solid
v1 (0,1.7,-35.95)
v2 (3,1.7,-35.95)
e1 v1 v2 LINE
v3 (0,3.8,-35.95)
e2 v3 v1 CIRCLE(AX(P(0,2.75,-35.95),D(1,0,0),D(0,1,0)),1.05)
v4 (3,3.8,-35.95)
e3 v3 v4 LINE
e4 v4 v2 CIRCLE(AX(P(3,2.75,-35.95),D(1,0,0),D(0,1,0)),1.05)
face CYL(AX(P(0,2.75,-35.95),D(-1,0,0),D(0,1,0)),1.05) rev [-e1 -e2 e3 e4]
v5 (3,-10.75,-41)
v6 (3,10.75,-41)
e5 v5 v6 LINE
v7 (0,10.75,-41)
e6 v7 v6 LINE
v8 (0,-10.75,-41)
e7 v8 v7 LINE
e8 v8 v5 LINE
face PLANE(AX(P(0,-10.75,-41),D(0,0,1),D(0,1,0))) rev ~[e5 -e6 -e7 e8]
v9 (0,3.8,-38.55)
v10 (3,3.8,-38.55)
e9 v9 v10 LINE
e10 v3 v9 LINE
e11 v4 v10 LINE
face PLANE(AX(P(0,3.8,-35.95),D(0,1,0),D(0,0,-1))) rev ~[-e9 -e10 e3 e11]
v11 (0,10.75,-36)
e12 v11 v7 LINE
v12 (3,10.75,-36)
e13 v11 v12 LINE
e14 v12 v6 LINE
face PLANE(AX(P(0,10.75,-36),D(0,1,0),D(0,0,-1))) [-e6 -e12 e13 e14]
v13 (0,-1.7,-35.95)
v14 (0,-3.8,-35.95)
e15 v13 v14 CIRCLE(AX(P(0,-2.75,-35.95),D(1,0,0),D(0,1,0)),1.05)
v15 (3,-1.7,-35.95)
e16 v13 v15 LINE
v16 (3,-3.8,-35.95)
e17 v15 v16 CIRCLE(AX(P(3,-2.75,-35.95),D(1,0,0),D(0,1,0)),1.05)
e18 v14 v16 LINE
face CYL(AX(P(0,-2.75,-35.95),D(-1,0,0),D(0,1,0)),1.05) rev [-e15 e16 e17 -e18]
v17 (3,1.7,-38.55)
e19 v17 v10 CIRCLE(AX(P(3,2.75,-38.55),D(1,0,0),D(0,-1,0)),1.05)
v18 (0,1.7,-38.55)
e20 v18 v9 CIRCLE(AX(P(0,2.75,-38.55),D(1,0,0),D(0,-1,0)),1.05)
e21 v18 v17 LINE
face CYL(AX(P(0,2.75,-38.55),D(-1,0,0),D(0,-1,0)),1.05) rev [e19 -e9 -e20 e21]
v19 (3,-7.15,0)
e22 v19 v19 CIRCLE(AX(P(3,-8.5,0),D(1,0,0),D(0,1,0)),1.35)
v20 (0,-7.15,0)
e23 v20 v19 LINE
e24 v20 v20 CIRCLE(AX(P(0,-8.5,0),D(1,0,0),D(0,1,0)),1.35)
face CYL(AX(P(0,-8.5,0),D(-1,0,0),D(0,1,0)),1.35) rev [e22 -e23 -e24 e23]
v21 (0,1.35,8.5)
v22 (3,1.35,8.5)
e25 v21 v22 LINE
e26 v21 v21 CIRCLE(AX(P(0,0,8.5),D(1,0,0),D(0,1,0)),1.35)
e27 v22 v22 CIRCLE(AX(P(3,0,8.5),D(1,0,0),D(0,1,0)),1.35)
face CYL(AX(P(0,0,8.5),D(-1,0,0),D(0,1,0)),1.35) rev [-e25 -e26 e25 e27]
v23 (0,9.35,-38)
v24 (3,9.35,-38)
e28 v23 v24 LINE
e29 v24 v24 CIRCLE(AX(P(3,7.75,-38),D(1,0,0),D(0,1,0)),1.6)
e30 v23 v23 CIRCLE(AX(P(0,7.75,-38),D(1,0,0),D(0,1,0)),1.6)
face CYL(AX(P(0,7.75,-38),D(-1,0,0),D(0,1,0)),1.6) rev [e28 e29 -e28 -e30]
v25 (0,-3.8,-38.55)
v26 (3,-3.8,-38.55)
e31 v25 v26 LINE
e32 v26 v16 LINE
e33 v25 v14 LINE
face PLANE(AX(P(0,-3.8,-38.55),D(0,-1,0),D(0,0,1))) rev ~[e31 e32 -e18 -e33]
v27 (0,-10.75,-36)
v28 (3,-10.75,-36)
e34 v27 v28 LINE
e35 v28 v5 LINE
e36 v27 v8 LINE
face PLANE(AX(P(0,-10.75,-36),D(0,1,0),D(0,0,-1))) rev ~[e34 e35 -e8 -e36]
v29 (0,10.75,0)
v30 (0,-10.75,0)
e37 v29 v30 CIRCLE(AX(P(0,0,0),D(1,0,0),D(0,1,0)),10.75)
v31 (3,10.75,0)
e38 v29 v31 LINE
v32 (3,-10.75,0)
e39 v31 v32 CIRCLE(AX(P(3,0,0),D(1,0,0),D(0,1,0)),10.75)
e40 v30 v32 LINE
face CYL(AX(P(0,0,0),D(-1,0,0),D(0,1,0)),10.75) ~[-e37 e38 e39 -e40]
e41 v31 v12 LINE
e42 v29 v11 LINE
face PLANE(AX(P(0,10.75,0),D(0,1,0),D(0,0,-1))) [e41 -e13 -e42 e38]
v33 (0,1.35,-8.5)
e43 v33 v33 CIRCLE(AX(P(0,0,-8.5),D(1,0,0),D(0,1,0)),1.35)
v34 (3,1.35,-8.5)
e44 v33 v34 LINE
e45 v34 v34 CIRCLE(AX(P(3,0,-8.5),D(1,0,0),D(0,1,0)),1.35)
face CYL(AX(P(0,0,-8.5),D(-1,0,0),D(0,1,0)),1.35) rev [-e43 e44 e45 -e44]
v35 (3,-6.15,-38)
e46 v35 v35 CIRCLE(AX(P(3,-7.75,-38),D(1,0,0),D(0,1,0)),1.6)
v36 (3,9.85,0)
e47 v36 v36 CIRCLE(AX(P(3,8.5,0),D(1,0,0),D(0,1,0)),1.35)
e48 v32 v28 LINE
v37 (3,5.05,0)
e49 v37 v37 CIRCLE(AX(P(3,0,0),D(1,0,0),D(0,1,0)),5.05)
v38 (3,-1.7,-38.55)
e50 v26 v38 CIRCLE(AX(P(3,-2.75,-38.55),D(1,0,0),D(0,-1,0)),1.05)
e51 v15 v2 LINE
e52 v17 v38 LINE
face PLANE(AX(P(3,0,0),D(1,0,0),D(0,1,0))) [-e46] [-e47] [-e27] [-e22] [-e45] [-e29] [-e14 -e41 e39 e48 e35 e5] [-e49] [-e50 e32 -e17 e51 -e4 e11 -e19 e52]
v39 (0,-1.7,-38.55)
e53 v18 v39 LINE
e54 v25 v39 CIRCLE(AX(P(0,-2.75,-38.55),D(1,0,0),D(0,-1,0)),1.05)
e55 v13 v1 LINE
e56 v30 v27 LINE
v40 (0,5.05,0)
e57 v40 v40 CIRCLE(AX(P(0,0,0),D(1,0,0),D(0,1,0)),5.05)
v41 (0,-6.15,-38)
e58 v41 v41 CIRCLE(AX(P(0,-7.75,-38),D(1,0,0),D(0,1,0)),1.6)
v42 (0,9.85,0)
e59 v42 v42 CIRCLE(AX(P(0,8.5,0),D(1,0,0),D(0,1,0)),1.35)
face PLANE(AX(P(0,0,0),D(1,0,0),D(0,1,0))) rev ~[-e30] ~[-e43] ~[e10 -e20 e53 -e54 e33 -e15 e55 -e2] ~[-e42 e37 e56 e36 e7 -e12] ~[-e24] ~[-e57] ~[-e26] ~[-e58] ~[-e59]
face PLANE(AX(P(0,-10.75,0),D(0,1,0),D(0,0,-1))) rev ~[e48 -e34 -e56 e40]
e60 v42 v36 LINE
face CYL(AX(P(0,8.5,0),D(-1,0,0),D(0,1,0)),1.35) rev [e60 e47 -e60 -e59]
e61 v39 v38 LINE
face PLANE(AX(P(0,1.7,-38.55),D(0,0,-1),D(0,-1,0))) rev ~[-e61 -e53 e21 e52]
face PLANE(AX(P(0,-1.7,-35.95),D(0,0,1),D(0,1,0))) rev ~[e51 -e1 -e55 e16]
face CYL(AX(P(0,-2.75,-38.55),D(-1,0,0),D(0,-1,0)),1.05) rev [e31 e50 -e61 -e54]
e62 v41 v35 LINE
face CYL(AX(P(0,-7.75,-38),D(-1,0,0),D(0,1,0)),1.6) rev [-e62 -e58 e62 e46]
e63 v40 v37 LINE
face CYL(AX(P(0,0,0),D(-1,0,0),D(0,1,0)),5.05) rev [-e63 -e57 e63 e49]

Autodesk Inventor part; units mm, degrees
ref_plane "YZ Plane" through (0, 0, 0) normal (1, 0, 0) x (0, 1, 0)
ref_plane "XZ Plane" through (0, 0, 0) normal (0, 1, 0) x (-1, 0, 0)
ref_plane "XY Plane" through (0, 0, 0) normal (0, 0, 1) x (1, 0, 0)
sketch "スケッチ1" plane through (0, 0, 0) normal (1, 0, 0) x (0, 1, 0)
  circle A0 centre (0, 0) radius 5.05
  line L0 (-10.75, 0) -> (10.75, 0) construction
  line L1 (0, 11.25) -> (0, -41) construction
  line L2 (-10.75, 0) -> (-10.75, -36)
  line L3 (-10.75, -36) -> (-10.75, -41)
  line L4 (-10.75, -41) -> (10.75, -41)
  circle A1 centre (0, 8.5) radius 1.35
  circle A2 centre (0, 8.5) radius 2.25 construction
  circle A3 centre (-8.5, 0) radius 1.35
  circle A4 centre (0, -8.5) radius 1.35
  circle A5 centre (8.5, 0) radius 1.35
  line L5 (3.75, -36) -> (-3.75, -36) construction
  line L6 (-3.75, -36) -> (-3.75, -38.5) construction
  line L7 (-3.75, -38.5) -> (3.75, -38.5) construction
  line L8 (3.75, -38.5) -> (3.75, -36) construction
  line L9 (3.75, -36) -> (-3.75, -38.5) construction
  line L10 (-3.75, -36) -> (3.75, -38.5) construction
  circle A6 centre (-7.75, -38) radius 1.6
  line L11 (-10.75, -38) -> (13.8581, -38) construction
  circle A7 centre (-7.75, -38) radius 2.75 construction
  line L12 (-3.8, -35.95) -> (3.8, -35.95)
  line L13 (3.8, -35.95) -> (3.8, -38.55)
  line L14 (3.8, -38.55) -> (-3.8, -38.55)
  line L15 (-3.8, -38.55) -> (-3.8, -35.95)
  line L16 (-3.8, -35.95) -> (3.8, -38.55) construction
  line L17 (3.8, -35.95) -> (-3.8, -38.55) construction
  arc A8 (-1.7, -35.95) -> (-3.8, -35.95) centre (-2.75, -35.95) ccw
  line L18 (-3.75, -37.25) -> (3.75, -37.25) construction
  arc A9 (-3.8, -38.55) -> (-1.7, -38.55) centre (-2.75, -38.55) ccw
  line L19 (10.75, 0) -> (10.75, -36)
  line L20 (10.75, -36) -> (10.75, -41)
  circle A10 centre (7.75, -38) radius 1.6
  circle A11 centre (7.75, -38) radius 2.75 construction
  arc A12 (3.8, -35.95) -> (1.7, -35.95) centre (2.75, -35.95) ccw
  arc A13 (1.7, -38.55) -> (3.8, -38.55) centre (2.75, -38.55) ccw
  arc A14 (10.75, 0) -> (-10.75, 0) centre (0, 0) ccw
  line L21 (-13.5, 1) -> (13.5, 1) construction
  circle A15 centre (-13.5, 1) radius 2.25 construction
  point P0 (0, -37.25)
  point P1 (1.7, -38.55)
  point P2 (-1.7, -38.55)
  point P3 (0, 1)
  dimension "d0" = 10.1
  dimension "d1" = 5
  dimension "d2" = 41
  dimension "d4" = 2.7
  dimension "d5" = 8.5
  dimension "d6" = 4.5
  dimension "d9" = 360
  dimension "d11" = 7.5
  dimension "d12" = 2.5
  dimension "d13" = 3.2
  dimension "d14" = 5.5
  dimension "d15" = 3
  dimension "d16" = 0.05
  dimension "d17" = 0.05
  dimension "d18" = 1.05
  dimension "d19" = 15.5
  dimension "d22" = 27
  dimension "d23" = 1
  dimension "d25" = 4.5
  dimension "d26" = 21.5
extrude "押し出し1" add sketch "スケッチ1" along normal blind 3
equation "\"d17\" = d16"
properties part number "Foot_back_frame" material "アルミニウム 2014-T4"
